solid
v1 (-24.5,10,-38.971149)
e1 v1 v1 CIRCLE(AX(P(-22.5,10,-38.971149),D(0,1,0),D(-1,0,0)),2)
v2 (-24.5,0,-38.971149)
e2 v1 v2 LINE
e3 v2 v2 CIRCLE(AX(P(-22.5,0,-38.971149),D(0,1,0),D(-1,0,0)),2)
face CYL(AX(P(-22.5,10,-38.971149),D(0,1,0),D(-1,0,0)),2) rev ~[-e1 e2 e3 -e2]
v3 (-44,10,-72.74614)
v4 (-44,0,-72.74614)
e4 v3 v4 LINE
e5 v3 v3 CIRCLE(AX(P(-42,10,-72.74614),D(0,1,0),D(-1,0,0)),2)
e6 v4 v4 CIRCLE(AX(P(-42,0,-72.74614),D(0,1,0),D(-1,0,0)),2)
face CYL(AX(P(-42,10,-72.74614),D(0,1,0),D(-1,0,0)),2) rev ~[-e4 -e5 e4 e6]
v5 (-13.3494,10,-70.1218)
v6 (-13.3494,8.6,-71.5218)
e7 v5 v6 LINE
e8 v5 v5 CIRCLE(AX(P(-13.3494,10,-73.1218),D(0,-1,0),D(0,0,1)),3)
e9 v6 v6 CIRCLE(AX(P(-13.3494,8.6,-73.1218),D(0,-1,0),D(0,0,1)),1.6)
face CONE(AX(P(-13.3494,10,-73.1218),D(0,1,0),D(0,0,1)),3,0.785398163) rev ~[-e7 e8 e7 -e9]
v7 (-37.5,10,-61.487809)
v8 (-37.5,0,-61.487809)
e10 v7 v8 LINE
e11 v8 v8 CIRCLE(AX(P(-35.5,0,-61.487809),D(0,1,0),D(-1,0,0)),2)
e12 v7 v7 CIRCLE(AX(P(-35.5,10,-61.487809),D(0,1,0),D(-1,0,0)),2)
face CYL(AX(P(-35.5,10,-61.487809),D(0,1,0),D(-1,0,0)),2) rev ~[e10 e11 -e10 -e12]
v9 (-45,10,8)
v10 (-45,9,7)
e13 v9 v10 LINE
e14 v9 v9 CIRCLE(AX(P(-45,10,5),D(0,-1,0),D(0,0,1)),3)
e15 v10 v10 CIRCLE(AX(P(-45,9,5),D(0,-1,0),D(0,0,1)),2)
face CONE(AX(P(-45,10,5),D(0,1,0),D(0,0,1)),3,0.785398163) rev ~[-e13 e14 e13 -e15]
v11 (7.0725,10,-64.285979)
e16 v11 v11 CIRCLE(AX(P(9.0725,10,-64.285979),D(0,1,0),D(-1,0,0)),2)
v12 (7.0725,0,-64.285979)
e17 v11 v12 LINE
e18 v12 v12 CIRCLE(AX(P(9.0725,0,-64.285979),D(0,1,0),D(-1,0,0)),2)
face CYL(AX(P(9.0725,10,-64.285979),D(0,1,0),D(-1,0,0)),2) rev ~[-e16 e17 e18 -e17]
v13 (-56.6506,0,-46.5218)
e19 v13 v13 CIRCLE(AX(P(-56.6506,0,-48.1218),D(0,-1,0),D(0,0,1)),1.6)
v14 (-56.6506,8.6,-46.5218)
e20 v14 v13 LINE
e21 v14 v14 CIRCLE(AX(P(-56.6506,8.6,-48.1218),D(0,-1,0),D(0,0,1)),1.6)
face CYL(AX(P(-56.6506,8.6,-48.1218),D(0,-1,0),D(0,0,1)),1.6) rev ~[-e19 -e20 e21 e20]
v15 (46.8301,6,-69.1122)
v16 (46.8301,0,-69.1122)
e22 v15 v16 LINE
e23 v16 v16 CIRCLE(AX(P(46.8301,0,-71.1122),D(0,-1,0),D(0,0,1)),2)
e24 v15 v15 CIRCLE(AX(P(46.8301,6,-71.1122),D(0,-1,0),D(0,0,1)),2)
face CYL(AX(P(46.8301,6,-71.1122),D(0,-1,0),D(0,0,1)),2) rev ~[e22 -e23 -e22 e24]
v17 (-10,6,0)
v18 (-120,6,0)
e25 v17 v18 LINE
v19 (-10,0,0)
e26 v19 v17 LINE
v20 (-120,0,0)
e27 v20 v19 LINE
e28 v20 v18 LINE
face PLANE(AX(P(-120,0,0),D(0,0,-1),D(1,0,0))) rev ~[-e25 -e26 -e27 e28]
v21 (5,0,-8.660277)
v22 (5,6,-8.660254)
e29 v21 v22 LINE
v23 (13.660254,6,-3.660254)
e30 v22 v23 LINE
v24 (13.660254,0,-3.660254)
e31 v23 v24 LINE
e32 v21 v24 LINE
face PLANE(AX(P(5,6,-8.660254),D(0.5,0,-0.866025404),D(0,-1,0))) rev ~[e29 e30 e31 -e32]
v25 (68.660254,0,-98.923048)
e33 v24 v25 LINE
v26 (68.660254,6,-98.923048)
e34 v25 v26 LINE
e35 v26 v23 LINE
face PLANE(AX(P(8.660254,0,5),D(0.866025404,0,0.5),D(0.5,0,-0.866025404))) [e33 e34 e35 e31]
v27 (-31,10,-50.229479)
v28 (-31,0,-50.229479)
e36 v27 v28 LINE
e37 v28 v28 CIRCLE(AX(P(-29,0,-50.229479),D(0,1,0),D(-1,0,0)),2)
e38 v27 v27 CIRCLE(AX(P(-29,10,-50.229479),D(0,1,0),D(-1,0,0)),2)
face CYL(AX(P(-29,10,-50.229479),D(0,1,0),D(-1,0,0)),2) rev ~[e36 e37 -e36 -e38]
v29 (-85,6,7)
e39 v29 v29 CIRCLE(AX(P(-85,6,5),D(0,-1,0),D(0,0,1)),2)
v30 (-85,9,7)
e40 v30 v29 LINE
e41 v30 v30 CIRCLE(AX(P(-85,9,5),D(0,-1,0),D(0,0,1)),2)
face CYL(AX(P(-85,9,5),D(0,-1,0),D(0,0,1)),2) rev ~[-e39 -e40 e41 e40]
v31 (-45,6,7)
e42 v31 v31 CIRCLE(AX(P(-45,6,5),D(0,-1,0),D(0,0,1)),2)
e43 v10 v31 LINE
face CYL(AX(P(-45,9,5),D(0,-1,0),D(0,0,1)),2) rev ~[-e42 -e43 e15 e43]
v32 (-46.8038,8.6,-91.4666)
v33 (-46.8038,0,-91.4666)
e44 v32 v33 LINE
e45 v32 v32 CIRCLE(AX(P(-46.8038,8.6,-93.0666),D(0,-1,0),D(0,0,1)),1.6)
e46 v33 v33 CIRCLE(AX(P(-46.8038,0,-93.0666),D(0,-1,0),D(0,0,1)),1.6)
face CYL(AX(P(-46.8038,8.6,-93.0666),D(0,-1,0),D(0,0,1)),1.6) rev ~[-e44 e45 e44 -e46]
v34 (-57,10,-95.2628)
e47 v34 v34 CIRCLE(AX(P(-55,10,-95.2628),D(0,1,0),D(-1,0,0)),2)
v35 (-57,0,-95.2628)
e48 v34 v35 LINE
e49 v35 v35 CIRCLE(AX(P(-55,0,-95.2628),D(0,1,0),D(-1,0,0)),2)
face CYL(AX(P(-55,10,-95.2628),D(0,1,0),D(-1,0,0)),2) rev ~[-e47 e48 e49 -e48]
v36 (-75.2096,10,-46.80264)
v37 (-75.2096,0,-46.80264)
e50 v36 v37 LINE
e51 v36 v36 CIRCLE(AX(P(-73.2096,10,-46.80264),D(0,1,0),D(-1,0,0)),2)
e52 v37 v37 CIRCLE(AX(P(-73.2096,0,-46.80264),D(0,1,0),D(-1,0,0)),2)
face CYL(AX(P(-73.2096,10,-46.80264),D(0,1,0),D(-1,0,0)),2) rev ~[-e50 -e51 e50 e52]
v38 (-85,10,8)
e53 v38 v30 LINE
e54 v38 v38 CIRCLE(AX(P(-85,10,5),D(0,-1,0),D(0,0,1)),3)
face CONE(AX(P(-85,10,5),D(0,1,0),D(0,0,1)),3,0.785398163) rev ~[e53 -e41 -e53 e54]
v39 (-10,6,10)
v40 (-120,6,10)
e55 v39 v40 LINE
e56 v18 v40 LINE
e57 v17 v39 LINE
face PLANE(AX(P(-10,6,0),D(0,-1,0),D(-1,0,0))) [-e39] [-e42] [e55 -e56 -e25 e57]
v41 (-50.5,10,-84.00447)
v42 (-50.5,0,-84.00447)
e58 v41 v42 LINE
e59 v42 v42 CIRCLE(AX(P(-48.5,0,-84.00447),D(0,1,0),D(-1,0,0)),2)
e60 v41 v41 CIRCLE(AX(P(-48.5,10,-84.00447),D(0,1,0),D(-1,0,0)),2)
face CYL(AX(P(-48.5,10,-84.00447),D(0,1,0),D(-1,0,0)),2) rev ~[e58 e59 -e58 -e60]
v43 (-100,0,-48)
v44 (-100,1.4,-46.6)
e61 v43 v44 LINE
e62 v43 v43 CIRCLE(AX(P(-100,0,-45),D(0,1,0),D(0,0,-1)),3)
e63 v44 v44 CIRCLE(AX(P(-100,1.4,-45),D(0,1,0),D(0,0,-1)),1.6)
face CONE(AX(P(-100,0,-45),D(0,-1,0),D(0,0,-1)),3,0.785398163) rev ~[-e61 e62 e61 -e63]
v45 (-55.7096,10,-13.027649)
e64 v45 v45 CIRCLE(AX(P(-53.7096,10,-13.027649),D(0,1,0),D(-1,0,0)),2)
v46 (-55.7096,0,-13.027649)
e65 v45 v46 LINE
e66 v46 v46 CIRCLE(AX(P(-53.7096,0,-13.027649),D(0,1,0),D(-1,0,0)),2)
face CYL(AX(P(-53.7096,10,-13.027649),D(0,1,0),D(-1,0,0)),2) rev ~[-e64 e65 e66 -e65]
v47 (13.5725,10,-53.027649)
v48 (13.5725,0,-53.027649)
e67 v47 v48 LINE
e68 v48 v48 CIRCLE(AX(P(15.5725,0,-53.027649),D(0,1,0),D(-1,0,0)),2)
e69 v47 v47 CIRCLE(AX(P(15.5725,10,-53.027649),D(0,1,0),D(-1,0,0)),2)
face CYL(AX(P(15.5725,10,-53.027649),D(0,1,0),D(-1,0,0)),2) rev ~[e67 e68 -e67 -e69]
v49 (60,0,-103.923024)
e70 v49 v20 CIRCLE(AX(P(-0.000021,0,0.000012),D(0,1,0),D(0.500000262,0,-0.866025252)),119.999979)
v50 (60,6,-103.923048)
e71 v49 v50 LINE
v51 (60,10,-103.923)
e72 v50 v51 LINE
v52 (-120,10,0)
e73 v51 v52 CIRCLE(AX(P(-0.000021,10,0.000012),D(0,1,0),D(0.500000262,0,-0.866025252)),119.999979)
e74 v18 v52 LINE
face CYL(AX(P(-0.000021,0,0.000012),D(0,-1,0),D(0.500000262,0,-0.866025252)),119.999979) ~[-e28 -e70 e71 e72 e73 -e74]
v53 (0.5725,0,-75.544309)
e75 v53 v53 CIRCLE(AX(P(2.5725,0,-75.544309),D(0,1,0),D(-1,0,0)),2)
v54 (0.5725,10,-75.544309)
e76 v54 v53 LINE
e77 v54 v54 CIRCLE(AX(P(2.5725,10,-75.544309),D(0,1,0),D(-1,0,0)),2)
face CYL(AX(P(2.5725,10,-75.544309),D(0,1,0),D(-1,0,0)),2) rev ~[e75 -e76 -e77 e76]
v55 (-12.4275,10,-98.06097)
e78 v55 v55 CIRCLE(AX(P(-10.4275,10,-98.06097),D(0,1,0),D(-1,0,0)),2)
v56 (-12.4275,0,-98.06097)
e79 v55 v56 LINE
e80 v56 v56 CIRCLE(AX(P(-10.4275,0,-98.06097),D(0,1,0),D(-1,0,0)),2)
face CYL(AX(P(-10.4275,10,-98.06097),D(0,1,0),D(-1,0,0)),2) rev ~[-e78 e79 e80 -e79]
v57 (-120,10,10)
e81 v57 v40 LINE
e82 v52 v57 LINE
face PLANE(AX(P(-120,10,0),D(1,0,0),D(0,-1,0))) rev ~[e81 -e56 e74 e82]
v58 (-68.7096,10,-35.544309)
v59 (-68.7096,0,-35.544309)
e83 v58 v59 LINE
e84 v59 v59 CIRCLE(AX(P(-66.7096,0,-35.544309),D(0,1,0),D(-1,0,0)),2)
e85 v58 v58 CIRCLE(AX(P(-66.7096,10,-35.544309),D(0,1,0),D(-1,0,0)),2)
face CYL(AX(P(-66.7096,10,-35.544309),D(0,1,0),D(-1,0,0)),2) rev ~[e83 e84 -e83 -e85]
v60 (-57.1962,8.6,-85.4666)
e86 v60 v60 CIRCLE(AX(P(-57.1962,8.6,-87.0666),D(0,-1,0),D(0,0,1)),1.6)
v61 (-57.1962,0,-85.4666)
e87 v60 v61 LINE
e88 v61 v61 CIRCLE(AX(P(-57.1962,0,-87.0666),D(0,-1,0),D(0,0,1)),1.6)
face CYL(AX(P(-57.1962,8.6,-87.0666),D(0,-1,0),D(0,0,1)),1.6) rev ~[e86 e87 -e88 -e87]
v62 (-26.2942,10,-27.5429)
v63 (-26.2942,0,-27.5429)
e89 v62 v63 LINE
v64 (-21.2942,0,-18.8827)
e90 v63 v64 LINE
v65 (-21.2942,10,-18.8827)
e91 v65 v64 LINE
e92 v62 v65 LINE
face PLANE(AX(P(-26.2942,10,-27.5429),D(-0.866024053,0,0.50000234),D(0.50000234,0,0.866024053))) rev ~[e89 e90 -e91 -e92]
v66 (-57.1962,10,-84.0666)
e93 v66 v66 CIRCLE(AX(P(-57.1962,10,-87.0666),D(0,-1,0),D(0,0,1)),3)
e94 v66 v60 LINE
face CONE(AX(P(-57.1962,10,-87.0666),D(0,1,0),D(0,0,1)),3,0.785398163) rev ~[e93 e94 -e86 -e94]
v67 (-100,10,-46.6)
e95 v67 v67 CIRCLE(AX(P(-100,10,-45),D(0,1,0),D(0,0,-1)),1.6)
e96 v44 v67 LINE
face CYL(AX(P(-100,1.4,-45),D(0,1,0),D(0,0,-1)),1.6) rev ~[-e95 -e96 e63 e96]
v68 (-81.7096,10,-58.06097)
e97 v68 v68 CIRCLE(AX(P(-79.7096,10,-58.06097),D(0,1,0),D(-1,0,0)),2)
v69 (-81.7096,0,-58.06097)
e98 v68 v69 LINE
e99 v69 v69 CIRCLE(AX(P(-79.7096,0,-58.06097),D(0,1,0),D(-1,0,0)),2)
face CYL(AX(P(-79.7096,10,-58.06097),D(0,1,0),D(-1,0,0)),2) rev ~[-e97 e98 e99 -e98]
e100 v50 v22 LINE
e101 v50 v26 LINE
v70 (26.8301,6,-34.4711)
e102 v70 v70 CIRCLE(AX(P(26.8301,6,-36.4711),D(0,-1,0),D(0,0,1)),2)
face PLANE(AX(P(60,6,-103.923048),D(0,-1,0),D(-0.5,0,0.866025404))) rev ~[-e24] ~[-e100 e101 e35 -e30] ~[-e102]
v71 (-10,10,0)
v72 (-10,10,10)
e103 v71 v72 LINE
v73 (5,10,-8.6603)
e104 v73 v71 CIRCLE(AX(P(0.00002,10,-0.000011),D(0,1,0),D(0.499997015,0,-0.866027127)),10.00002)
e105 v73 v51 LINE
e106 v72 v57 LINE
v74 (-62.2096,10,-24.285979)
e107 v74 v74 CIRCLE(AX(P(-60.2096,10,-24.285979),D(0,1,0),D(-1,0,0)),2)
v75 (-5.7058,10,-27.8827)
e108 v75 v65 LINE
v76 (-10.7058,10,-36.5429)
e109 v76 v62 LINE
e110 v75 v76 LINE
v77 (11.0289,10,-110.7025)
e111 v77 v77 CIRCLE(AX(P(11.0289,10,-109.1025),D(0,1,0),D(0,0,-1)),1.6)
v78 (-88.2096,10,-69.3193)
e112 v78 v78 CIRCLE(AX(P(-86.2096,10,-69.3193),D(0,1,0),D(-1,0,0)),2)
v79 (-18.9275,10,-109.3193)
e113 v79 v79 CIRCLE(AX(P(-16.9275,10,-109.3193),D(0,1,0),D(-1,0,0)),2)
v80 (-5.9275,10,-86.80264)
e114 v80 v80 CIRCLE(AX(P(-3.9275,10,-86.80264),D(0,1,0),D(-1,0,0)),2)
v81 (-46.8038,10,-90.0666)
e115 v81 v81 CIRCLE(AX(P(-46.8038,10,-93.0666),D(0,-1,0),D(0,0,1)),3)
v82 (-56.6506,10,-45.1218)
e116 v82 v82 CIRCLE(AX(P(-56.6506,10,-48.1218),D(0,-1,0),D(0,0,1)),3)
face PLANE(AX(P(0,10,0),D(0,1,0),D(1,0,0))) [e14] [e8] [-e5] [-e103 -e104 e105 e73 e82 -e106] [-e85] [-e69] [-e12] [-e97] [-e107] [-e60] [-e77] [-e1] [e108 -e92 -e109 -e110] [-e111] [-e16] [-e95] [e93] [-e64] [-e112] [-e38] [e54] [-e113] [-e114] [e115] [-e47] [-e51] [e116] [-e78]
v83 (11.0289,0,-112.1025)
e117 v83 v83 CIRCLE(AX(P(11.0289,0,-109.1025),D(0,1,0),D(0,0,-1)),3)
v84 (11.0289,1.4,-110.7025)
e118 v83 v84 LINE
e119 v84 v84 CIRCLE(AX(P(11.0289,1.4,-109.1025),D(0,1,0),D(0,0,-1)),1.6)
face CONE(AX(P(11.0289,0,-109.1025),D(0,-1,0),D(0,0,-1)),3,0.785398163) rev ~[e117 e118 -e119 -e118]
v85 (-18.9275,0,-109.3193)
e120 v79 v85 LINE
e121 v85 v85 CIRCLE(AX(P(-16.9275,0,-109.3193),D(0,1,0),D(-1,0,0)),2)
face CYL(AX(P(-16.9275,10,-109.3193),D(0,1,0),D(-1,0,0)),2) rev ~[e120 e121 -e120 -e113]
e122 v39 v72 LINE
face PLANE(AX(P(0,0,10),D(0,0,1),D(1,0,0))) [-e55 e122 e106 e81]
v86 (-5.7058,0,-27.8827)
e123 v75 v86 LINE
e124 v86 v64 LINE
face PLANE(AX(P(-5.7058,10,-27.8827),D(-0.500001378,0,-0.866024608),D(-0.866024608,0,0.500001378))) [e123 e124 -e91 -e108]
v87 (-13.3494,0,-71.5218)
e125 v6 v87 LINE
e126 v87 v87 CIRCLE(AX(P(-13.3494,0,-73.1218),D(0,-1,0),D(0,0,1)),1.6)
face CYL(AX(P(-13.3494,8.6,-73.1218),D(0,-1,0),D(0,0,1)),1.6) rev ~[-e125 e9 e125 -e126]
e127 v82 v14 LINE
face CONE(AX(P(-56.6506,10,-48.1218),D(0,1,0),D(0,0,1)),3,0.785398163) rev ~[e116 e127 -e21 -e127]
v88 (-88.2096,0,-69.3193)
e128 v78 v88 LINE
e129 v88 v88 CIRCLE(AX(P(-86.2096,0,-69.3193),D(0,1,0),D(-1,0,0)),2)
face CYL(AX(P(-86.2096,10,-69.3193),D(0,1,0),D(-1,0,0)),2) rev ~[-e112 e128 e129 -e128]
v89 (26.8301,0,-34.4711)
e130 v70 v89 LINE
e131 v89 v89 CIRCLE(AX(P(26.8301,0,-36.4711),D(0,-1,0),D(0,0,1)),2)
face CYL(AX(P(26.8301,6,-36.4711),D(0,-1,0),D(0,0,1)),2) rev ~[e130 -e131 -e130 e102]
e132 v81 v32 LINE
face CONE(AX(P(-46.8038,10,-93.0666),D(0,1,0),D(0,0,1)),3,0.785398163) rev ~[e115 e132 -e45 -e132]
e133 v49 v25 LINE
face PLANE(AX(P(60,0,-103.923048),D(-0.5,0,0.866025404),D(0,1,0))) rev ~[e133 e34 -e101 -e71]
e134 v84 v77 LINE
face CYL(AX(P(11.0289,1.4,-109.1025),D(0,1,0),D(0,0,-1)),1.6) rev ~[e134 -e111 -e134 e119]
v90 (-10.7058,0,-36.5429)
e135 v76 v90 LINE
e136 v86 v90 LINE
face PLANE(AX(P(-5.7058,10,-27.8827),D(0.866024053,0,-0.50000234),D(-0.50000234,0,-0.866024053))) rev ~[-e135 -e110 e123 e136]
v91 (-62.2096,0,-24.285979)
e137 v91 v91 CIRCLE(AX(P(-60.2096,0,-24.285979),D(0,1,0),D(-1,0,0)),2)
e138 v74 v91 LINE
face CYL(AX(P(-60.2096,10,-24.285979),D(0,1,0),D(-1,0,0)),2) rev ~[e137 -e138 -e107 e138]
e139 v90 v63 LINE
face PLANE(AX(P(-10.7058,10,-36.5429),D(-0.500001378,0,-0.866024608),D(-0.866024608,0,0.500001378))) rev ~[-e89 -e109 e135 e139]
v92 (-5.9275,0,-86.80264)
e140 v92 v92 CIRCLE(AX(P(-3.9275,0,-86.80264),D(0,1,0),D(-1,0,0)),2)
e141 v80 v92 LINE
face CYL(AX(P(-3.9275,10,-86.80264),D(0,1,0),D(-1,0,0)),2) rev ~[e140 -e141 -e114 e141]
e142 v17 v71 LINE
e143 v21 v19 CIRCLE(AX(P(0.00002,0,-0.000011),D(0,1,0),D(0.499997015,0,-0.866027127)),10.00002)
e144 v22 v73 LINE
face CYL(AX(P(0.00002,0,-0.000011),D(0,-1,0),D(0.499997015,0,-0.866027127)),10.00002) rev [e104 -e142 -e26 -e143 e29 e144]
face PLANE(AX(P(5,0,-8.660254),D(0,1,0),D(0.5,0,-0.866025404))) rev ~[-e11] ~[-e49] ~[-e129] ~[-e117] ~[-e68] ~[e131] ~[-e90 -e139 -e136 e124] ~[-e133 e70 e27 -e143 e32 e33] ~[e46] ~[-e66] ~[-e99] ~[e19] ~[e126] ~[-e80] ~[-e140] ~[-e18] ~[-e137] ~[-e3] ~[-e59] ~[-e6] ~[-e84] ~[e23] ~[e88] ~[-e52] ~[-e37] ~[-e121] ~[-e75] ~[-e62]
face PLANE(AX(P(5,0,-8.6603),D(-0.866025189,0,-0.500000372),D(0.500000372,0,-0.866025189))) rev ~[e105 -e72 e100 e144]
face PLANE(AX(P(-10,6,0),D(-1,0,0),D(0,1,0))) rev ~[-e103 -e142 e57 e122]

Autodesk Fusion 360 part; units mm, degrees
sketch "Sketch1" plane through (0, 0, 0) normal (0, 1, 0) x (1, 0, 0)
  line L0 (-120, 0) -> (-10, 0)
  line L1 (5, 8.6603) -> (60, 103.923)
  arc A0 (60, 103.923) -> (-120, 0) centre (0, 0) ccw
  arc A1 (5, 8.6603) -> (-10, 0) centre (0, 0) ccw
  dimension "d57" = 240
  dimension "d58" = 120
  dimension "d59" = 20
extrude "Extrude3" add sketch "Sketch1" along normal blind 10
sketch "Sketch9" plane through (0, 0, 0) normal (0, 0, 1) x (1, 0, 0)
  line L0 (-120, 0) -> (-10, 0)
  line L1 (-10, 0) -> (-10, 10)
  line L2 (-10, 10) -> (-120, 10)
  line L3 (-120, 10) -> (-120, 0)
  line L4 (-120, 10) -> (-10, 10)
  line L5 (-10, 10) -> (-10, 6)
  line L6 (-10, 6) -> (-120, 6)
  line L7 (-120, 6) -> (-120, 10)
  dimension "d60" = 4
extrude "Extrude8" add sketch "Sketch9" along normal blind 10 contours L1 L2 L3 L4 L5 L6 L7
sketch "Sketch12" plane through (0, 0, 0) normal (0.866, 0, 0.5) x (0.5, 0, -0.866)
  line L0 (10, 0) -> (120, 0)
  line L1 (120, 0) -> (120, 10)
  line L2 (120, 10) -> (10, 10)
  line L3 (10, 10) -> (10, 0)
  line L4 (10, 0) -> (120, 0)
  line L5 (120, 0) -> (120, 6)
  line L6 (120, 6) -> (10, 6)
  line L7 (10, 6) -> (10, 0)
  dimension "d63" = 6
extrude "Extrude9" add sketch "Sketch12" along normal blind 10 contours L0 L1 L3 L4 L5 L6 L7
sketch "Sketch13" plane through (0, 10, 0) normal (0, 1, 0) x (-1, 0, 0)
  arc A0 (-60, -103.923) -> (120, 0) centre (0, 0) ccw
  line L0 (120, 0) -> (120, 10)
  line L1 (120, 10) -> (10, 10)
  line L2 (10, 10) -> (10, 0)
  arc A1 (-5, -8.6603) -> (10, 0) centre (0, 0) ccw
  line L3 (-5, -8.6603) -> (-60, -103.923)
  point P0 (85, 5)
  point P1 (45, 5)
  dimension "d68" = 35
  dimension "d69" = 35
hole "Hole1" at (-85, 10, 5) at (-45, 10, 5) direction (0, -1, 0) diameter 4 depth 4 tip angle 118 countersink diameter 6 countersink angle 90
sketch "Sketch14" plane through (0, 6, 0) normal (0, 1, 0) x (-1, 0, 0)
  line L0 (-60, -103.923) -> (-5, -8.6603)
  line L1 (-5, -8.6603) -> (-13.6603, -3.6603)
  line L2 (-13.6603, -3.6603) -> (-68.6603, -98.923)
  line L3 (-68.6603, -98.923) -> (-60, -103.923)
  line L4 (-9.3301, -6.1603) -> (-64.3301, -101.423) construction
  point P0 (-26.8301, -36.4711)
  point P1 (-46.8301, -71.1122)
  dimension "d75" = 35
  dimension "d76" = 35
hole "Hole2" at (26.8301, 6, -36.4711) at (46.8301, 6, -71.1122) direction (0, -1, 0) diameter 4 depth 15 tip angle 118
sketch "Sketch15" plane through (0, 10, 0) normal (0, 1, 0) x (-1, 0, 0)
  circle A0 centre (85, 5) radius 3
  circle A1 centre (45, 5) radius 3
  arc A2 (-60, -103.923) -> (120, 0) centre (0, 0) ccw
  line L0 (120, 0) -> (120, 10)
  line L1 (120, 10) -> (10, 10)
  line L2 (10, 10) -> (10, 0)
  arc A3 (-5, -8.6603) -> (10, 0) centre (0, 0) ccw
  line L3 (-5, -8.6603) -> (-60, -103.923)
  line L4 (0, 0) -> (60, -103.923) construction
  line L5 (10, 0) -> (120, 0)
  line L6 (56.6506, -48.1218) -> (13.3494, -73.1218) construction
  line L7 (5.7058, -27.8827) -> (21.2942, -18.8827)
  line L8 (5.7058, -27.8827) -> (10.7058, -36.5429)
  line L9 (10.7058, -36.5429) -> (26.2942, -27.5429)
  line L10 (26.2942, -27.5429) -> (21.2942, -18.8827)
  line L11 (57.1962, -87.0666) -> (46.8038, -93.0666) construction
  dimension "d80" = 60
  dimension "d81" = 50
  dimension "d82" = 25
  dimension "d83" = 50
  dimension "d89" = 43
  dimension "d90" = 9
  dimension "d91" = 18
  dimension "d92" = 10
  dimension "d95" = 6
  dimension "d96" = 12
  dimension "d97" = 34
hole "Hole3" at (-56.6506, 10, -48.1218) at (-13.3494, 10, -73.1218) at (-57.1962, 10, -87.0666) at (-46.8038, 10, -93.0666) direction (0, -1, 0) diameter 3.2 depth 35 tip angle 118 countersink diameter 6 countersink angle 90
extrude "Extrude10" cut sketch "Sketch15" against normal blind 20 contours L7 L8 L9 L10
sketch "Sketch16" plane through (0, 10, 0) normal (0, 1, 0) x (-1, 0, 0)
  line L0 (120, 0) -> (120, 10)
  line L1 (10, 0) -> (10, 10)
  line L2 (-5, -8.6603) -> (-13.6603, -3.6603)
  line L3 (-60, -103.923) -> (-68.6603, -98.923)
  line L4 (120, 5) -> (10, 5) construction
  line L5 (-9.3301, -6.1603) -> (-64.3301, -101.423) construction
  line L6 (-11.0289, -109.1025) -> (-97.6314, -59.1025) construction
  line L7 (100, -45) -> (100, 55) construction
  dimension "d98" = 100
  dimension "d99" = 50
  dimension "d100" = 20
  dimension "d101" = 20
  dimension "d102" = 100
  dimension "d103" = 50
sketch "Sketch17" plane through (0, 0, 0) normal (0, -1, 0) x (1, 0, 0)
  line L0 (-10.7058, -36.5429) -> (-26.2942, -27.5429)
  line L1 (-26.2942, -27.5429) -> (-21.2942, -18.8827)
  line L2 (-21.2942, -18.8827) -> (-5.7058, -27.8827)
  line L3 (-5.7058, -27.8827) -> (-10.7058, -36.5429)
  circle A0 centre (-57.1962, -87.0666) radius 1.6
  circle A1 centre (-56.6506, -48.1218) radius 1.6
  circle A2 centre (-13.3494, -73.1218) radius 1.6
  circle A3 centre (-46.8038, -93.0666) radius 1.6
  circle A4 centre (26.8301, -36.4711) radius 2
  circle A5 centre (46.8301, -71.1122) radius 2
  arc A6 (-120, 0) -> (60, -103.923) centre (0, 0) ccw
  line L4 (60, -103.923) -> (68.6603, -98.923)
  line L5 (68.6603, -98.923) -> (13.6603, -3.6603)
  line L6 (13.6603, -3.6603) -> (5, -8.6603)
  arc A7 (-10, 0) -> (5, -8.6603) centre (0, 0) ccw
  line L7 (-10, 0) -> (-120, 0)
sketch "Sketch18" plane through (0, 0, 0) normal (0, -1, 0) x (1, 0, 0)
  point P0 (-100, -45)
  point P1 (11.0289, -109.1025)
  point P2 (-100, -45)
  point P3 (11.0289, -109.1025)
hole "Hole4" at (-100, 0, -45) at (11.0289, 0, -109.1025) direction (0, 1, 0) diameter 3.2 depth 25 tip angle 180 countersink diameter 6 countersink angle 90
sketch "Sketch19" plane through (0, 10, 0) normal (0, 1, 0) x (-1, 0, 0)
  circle A0 centre (100, -45) radius 1.6
  circle A1 centre (-11.0289, -109.1025) radius 1.6
  line L0 (26.2942, -27.5429) -> (10.7058, -36.5429)
  line L1 (10.7058, -36.5429) -> (5.7058, -27.8827)
  line L2 (5.7058, -27.8827) -> (21.2942, -18.8827)
  line L3 (21.2942, -18.8827) -> (26.2942, -27.5429)
  circle A2 centre (57.1962, -87.0666) radius 3
  circle A3 centre (56.6506, -48.1218) radius 3
  circle A4 centre (13.3494, -73.1218) radius 3
  circle A5 centre (46.8038, -93.0666) radius 3
  circle A6 centre (85, 5) radius 3
  circle A7 centre (45, 5) radius 3
  arc A8 (-60, -103.923) -> (120, 0) centre (0, 0) ccw
  line L4 (120, 0) -> (120, 10)
  line L5 (120, 10) -> (10, 10)
  line L6 (10, 10) -> (10, 0)
  arc A9 (-5, -8.6603) -> (10, 0) centre (0, 0) ccw
  line L7 (-5, -8.6603) -> (-60, -103.923)
  line L8 (5, -8.6603) -> (60, -103.923) construction
  line L9 (91.2096, -77.9796) -> (46.188, 0) construction
  line L10 (21.9275, -117.9796) -> (-23.094, -40) construction
  line L11 (10, 0) -> (120, 0)
  circle A10 centre (86.2096, -69.3193) radius 2
  circle A11 centre (16.9275, -109.3193) radius 2
  circle A12 centre (55, -95.2628) radius 2
  point P0 (120, 5)
  dimension "d111" = 40
  dimension "d112" = 40
  dimension "d113" = 4
  dimension "d114" = 10
  dimension "d115" = 4
  dimension "d116" = 10
  dimension "d117" = 4
  dimension "d118" = 10
extrude "Extrude11" cut sketch "Sketch19" against normal blind 80 contours A10 | A11 | A12
pattern_linear "R-Pattern1" count 6 spacing 13 along (0.5, 0, 0.866) of "Extrude11"
equation "d82 = d81 / 2"
equation "d90 = d91 / 2"
equation "d96 = d95 * 2"
equation "d99 = d98 / 2"
equation "d101 = d100"
equation "d102 = d98"
equation "d103 = d99"
equation "d112 = d111"
equation "d116 = d114"
equation "d118 = d114"
